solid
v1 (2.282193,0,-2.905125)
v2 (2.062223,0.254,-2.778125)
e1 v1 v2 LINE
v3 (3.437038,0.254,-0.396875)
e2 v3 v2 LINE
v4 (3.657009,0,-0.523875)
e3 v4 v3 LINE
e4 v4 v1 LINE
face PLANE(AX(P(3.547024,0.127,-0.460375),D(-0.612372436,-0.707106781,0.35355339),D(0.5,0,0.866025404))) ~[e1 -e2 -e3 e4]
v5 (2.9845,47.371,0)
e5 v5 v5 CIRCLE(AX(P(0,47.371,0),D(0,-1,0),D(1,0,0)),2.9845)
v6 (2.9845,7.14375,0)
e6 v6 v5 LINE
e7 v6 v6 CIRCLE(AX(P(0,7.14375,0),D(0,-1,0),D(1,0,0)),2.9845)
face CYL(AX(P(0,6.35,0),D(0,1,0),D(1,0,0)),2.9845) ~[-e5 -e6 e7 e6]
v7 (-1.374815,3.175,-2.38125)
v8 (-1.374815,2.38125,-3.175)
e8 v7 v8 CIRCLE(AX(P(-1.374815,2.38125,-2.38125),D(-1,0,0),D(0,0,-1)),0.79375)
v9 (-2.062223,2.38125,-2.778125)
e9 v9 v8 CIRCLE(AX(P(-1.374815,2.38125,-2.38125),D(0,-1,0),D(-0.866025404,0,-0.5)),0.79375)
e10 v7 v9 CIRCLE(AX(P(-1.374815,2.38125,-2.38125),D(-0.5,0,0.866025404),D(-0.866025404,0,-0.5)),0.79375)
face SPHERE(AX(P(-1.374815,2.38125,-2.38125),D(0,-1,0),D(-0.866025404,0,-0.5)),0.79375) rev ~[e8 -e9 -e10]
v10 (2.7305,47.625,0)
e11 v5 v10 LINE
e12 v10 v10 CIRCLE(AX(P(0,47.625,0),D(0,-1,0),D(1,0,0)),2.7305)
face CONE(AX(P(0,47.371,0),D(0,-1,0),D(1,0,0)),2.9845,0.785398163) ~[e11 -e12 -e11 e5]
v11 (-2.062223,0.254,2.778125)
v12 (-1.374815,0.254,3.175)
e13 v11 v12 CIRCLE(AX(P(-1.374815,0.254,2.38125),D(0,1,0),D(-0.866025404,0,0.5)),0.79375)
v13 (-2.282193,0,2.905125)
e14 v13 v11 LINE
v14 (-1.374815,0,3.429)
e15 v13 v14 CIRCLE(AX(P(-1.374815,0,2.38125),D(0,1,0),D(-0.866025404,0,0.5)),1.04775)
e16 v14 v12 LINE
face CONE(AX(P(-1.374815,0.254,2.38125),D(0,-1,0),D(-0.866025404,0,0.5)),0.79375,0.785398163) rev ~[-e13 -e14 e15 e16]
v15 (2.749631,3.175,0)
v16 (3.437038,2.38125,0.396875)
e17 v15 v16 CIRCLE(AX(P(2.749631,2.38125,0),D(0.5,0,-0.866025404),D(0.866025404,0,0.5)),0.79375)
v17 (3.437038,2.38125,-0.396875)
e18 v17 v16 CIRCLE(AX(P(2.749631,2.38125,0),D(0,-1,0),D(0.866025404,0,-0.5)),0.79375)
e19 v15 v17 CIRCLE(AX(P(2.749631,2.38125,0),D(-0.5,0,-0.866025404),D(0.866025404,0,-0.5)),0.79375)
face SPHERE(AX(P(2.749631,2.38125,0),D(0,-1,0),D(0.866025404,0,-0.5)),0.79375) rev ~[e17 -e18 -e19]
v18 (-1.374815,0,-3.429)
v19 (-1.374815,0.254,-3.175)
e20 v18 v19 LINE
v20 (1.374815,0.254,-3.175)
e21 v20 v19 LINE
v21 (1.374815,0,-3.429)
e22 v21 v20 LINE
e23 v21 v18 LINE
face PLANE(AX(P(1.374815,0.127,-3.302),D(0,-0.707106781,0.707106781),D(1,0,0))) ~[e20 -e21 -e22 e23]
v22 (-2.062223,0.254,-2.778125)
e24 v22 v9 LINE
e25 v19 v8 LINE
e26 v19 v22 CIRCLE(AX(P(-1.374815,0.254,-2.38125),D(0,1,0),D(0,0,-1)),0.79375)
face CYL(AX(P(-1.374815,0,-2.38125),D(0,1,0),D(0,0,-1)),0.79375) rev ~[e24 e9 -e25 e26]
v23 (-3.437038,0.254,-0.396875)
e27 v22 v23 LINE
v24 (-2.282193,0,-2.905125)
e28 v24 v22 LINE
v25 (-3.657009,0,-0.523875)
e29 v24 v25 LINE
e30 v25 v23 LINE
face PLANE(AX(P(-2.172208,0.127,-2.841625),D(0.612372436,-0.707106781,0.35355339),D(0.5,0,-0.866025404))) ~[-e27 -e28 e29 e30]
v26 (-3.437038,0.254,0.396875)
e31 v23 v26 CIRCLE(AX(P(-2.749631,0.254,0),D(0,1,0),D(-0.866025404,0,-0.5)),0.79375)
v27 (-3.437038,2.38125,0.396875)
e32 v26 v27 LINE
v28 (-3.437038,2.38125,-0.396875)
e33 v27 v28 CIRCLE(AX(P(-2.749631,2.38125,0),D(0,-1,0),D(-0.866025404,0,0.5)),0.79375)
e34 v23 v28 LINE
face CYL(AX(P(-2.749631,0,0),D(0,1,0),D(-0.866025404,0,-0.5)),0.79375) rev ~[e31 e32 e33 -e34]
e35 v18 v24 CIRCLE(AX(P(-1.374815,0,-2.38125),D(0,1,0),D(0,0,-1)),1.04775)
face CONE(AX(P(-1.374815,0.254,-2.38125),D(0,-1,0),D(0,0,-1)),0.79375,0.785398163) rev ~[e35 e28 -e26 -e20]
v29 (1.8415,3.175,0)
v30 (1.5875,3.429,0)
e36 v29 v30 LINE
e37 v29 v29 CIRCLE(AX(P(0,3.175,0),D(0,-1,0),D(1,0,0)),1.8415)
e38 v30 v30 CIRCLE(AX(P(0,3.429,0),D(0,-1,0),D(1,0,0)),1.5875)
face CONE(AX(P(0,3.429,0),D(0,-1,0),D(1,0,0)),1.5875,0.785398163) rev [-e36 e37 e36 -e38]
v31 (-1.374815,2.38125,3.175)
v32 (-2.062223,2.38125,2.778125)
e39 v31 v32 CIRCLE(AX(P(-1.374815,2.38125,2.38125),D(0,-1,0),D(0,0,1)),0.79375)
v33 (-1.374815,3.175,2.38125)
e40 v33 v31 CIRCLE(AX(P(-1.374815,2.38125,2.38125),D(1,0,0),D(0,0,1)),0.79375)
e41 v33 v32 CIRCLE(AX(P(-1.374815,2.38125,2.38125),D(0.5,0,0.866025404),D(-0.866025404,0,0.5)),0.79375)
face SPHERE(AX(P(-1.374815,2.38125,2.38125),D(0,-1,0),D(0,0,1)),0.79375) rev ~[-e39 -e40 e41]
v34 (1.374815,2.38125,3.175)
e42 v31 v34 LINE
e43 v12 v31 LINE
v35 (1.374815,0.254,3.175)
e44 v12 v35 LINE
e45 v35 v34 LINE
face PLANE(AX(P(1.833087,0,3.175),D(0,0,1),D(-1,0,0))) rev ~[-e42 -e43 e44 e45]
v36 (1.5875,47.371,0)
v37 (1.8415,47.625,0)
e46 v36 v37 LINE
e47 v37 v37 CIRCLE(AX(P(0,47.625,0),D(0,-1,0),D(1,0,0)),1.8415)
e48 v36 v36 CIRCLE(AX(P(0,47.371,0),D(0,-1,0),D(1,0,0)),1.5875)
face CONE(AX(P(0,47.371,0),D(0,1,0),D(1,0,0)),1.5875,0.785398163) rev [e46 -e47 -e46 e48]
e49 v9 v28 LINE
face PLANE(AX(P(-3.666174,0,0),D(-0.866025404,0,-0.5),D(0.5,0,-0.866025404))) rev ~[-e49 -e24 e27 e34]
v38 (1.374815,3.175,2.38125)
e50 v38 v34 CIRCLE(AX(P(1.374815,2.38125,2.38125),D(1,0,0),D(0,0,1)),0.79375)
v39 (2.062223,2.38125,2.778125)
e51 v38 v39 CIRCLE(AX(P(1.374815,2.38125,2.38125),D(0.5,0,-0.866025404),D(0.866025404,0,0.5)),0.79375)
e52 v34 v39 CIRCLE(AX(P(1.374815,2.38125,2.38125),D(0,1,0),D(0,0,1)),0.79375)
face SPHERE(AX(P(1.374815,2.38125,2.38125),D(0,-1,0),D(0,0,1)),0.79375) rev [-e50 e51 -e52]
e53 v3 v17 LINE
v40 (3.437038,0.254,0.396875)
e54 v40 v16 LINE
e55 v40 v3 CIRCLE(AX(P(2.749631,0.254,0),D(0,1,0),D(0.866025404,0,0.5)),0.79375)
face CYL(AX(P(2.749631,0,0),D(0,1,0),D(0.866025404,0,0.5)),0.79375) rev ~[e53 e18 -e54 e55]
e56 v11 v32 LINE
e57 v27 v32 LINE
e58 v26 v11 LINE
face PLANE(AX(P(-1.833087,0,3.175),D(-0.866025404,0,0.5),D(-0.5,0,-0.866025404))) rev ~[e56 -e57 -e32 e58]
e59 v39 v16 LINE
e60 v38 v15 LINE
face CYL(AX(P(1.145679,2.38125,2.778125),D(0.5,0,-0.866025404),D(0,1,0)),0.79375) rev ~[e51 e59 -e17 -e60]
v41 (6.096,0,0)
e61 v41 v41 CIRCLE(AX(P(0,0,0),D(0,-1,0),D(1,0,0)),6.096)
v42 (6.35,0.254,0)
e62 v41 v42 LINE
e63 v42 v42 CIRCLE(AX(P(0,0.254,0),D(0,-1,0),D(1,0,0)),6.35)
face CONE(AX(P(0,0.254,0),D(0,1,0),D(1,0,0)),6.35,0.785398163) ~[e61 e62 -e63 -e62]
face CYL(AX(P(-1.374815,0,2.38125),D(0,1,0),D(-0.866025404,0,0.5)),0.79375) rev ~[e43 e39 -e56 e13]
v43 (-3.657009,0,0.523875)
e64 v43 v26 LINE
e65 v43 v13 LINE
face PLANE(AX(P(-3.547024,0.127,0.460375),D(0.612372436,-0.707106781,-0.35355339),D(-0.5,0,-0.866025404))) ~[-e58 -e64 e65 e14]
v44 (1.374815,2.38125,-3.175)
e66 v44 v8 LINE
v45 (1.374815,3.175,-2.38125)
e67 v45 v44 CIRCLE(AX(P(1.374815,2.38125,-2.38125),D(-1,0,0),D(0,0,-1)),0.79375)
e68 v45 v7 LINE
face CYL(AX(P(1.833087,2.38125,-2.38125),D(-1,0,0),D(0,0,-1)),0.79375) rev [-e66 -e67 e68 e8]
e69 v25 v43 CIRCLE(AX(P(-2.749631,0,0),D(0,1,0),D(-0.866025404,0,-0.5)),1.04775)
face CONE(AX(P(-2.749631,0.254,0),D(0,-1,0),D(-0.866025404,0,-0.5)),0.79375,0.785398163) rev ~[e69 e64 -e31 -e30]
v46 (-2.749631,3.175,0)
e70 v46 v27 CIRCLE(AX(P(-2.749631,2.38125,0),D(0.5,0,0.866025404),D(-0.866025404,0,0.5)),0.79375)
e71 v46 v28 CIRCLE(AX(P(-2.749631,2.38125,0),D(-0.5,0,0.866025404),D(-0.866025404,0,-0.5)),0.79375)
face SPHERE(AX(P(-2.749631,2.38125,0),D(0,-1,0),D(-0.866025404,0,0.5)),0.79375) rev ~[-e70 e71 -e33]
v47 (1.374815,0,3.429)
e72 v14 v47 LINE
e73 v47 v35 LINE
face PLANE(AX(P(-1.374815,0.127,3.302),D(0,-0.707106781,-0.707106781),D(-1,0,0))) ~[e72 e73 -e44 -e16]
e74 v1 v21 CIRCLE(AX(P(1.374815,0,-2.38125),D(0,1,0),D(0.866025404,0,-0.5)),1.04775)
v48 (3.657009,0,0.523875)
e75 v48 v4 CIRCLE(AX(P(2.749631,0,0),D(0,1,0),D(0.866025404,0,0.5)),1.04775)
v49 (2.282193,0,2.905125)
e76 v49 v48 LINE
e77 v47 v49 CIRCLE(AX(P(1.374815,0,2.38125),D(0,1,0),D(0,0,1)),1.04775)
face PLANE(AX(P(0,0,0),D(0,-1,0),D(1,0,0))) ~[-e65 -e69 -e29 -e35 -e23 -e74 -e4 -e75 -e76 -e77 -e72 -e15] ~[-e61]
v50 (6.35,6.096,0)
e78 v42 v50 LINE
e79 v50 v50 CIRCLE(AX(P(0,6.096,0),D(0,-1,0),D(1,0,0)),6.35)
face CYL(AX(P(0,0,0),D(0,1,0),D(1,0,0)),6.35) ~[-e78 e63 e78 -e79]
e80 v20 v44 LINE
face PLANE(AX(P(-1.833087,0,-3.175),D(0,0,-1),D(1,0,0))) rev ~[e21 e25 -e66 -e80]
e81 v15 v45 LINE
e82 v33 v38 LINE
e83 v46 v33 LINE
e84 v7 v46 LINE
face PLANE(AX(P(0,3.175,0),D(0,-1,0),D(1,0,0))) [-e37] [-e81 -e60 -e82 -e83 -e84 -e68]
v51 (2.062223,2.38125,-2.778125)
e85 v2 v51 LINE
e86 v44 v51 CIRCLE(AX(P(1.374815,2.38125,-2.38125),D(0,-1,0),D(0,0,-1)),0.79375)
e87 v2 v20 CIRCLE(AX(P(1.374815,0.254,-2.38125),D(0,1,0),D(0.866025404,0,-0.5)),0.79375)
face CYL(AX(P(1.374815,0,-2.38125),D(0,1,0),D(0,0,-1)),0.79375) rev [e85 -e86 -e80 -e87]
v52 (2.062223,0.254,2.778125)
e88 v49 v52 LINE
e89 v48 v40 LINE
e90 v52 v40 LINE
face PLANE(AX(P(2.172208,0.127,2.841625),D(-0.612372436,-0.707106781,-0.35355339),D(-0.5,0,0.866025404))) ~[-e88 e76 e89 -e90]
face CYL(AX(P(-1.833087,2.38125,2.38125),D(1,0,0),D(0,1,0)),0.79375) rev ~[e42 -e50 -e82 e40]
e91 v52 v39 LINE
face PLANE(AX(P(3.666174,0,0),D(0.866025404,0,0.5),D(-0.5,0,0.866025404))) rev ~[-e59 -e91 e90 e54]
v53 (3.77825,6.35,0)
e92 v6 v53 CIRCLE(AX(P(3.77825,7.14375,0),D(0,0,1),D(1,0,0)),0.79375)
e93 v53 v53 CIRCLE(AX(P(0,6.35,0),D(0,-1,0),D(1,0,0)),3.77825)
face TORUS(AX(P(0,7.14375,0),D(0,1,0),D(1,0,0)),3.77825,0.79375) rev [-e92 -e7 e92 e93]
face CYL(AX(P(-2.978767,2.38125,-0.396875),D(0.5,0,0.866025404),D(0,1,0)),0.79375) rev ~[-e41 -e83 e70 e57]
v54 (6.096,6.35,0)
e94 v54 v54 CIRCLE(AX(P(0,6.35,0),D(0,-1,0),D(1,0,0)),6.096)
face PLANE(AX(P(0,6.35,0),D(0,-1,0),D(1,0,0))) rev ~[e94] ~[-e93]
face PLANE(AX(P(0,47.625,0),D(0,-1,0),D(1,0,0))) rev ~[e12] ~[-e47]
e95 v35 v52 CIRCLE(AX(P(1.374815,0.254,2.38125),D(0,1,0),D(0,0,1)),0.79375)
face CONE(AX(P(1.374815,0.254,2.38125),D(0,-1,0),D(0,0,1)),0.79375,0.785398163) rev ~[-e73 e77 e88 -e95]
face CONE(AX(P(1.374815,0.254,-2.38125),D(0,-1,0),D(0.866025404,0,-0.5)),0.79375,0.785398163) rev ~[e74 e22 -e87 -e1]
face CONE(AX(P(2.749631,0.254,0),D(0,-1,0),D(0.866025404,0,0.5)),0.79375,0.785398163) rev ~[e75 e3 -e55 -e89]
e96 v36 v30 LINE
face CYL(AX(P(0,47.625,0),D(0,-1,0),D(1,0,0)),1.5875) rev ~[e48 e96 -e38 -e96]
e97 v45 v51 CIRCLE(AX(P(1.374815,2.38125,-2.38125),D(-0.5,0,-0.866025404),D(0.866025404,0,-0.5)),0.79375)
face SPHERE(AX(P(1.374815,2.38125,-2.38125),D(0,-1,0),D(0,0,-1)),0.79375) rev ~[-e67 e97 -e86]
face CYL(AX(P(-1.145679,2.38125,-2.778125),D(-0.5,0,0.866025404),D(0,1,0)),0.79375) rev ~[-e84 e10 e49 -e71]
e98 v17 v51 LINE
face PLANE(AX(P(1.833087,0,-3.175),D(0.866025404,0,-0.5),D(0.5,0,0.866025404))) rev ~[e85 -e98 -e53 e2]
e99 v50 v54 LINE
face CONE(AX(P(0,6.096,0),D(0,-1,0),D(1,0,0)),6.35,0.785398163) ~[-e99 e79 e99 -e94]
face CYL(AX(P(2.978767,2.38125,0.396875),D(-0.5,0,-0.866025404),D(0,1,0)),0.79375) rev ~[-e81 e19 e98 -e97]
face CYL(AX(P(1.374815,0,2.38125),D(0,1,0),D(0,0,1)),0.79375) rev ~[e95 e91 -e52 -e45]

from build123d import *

# Parameters (mm, degrees)
CUT_EXTRUDE1_DEPTH = 3.175
FILLET1_R          = 0.79375
CHAMFER1_SIZE      = 0.254


with BuildPart() as part:
    # Sketch1 → Revolve1 (revolve)
    with BuildSketch(Plane.XY):
        Polygon((3.175, 0), (6.35, 0), (6.35, 6.35), (2.9845, 6.35), (2.9845, 47.625), (1.5875, 47.625), (1.5875, 3.175), (3.175, 3.175), align=None)
    revolve(axis=Axis((0, 5.569325848, 0), (0, -1, 0)))

    # Sketch2 → Cut-Extrude1 (cut)
    with BuildSketch(Plane.XZ):
        Polygon((1.833087105, 3.175), (-1.833087105, 3.175), (-3.666174209, 0), (-1.833087105, -3.175), (1.833087105, -3.175), (3.666174209, 0), align=None)
    extrude(amount=-CUT_EXTRUDE1_DEPTH, mode=Mode.SUBTRACT)

    # Fillet1
    fillet1_edges = [part.edges().sort_by_distance(p)[0] for p in [
        (0, 3.175, 3.175),
        (-2.749630657, 3.175, 1.5875),
        (-2.749630657, 3.175, -1.5875),
        (0, 3.175, -3.175),
        (2.749630657, 3.175, -1.5875),
        (2.749630657, 3.175, 1.5875),
        (-1.833087105, 1.5875, 3.175),
        (-3.666174209, 1.5875, 0),
        (-1.833087105, 1.5875, -3.175),
        (1.833087105, 1.5875, -3.175),
        (3.666174209, 1.5875, 0),
        (1.833087105, 1.5875, 3.175),
        (-2.9845, 6.35, 0),
    ]]
    fillet(fillet1_edges, radius=FILLET1_R)

    # Chamfer1
    chamfer1_edges = [part.edges().sort_by_distance(p)[0] for p in [
        (-1.5875, 3.175, 0),
        (0, 0, 3.175),
        (2.749630657, 0, 1.5875),
        (-1.5875, 47.625, 0),
        (2.749630657, 0, -1.5875),
        (0, 0, -3.175),
        (-2.9845, 47.625, 0),
        (-2.749630657, 0, -1.5875),
        (-2.749630657, 0, 1.5875),
        (-1.771690329, 0, 3.068657664),
        (1.771690329, 0, 3.068657664),
        (3.543380657, 0, 0),
        (1.771690329, 0, -3.068657664),
        (-1.771690329, 0, -3.068657664),
        (-3.543380657, 0, 0),
        (-6.35, 6.35, 0),
        (-6.35, 0, 0),
    ]]
    chamfer(chamfer1_edges, length=CHAMFER1_SIZE)


solid = part.part
